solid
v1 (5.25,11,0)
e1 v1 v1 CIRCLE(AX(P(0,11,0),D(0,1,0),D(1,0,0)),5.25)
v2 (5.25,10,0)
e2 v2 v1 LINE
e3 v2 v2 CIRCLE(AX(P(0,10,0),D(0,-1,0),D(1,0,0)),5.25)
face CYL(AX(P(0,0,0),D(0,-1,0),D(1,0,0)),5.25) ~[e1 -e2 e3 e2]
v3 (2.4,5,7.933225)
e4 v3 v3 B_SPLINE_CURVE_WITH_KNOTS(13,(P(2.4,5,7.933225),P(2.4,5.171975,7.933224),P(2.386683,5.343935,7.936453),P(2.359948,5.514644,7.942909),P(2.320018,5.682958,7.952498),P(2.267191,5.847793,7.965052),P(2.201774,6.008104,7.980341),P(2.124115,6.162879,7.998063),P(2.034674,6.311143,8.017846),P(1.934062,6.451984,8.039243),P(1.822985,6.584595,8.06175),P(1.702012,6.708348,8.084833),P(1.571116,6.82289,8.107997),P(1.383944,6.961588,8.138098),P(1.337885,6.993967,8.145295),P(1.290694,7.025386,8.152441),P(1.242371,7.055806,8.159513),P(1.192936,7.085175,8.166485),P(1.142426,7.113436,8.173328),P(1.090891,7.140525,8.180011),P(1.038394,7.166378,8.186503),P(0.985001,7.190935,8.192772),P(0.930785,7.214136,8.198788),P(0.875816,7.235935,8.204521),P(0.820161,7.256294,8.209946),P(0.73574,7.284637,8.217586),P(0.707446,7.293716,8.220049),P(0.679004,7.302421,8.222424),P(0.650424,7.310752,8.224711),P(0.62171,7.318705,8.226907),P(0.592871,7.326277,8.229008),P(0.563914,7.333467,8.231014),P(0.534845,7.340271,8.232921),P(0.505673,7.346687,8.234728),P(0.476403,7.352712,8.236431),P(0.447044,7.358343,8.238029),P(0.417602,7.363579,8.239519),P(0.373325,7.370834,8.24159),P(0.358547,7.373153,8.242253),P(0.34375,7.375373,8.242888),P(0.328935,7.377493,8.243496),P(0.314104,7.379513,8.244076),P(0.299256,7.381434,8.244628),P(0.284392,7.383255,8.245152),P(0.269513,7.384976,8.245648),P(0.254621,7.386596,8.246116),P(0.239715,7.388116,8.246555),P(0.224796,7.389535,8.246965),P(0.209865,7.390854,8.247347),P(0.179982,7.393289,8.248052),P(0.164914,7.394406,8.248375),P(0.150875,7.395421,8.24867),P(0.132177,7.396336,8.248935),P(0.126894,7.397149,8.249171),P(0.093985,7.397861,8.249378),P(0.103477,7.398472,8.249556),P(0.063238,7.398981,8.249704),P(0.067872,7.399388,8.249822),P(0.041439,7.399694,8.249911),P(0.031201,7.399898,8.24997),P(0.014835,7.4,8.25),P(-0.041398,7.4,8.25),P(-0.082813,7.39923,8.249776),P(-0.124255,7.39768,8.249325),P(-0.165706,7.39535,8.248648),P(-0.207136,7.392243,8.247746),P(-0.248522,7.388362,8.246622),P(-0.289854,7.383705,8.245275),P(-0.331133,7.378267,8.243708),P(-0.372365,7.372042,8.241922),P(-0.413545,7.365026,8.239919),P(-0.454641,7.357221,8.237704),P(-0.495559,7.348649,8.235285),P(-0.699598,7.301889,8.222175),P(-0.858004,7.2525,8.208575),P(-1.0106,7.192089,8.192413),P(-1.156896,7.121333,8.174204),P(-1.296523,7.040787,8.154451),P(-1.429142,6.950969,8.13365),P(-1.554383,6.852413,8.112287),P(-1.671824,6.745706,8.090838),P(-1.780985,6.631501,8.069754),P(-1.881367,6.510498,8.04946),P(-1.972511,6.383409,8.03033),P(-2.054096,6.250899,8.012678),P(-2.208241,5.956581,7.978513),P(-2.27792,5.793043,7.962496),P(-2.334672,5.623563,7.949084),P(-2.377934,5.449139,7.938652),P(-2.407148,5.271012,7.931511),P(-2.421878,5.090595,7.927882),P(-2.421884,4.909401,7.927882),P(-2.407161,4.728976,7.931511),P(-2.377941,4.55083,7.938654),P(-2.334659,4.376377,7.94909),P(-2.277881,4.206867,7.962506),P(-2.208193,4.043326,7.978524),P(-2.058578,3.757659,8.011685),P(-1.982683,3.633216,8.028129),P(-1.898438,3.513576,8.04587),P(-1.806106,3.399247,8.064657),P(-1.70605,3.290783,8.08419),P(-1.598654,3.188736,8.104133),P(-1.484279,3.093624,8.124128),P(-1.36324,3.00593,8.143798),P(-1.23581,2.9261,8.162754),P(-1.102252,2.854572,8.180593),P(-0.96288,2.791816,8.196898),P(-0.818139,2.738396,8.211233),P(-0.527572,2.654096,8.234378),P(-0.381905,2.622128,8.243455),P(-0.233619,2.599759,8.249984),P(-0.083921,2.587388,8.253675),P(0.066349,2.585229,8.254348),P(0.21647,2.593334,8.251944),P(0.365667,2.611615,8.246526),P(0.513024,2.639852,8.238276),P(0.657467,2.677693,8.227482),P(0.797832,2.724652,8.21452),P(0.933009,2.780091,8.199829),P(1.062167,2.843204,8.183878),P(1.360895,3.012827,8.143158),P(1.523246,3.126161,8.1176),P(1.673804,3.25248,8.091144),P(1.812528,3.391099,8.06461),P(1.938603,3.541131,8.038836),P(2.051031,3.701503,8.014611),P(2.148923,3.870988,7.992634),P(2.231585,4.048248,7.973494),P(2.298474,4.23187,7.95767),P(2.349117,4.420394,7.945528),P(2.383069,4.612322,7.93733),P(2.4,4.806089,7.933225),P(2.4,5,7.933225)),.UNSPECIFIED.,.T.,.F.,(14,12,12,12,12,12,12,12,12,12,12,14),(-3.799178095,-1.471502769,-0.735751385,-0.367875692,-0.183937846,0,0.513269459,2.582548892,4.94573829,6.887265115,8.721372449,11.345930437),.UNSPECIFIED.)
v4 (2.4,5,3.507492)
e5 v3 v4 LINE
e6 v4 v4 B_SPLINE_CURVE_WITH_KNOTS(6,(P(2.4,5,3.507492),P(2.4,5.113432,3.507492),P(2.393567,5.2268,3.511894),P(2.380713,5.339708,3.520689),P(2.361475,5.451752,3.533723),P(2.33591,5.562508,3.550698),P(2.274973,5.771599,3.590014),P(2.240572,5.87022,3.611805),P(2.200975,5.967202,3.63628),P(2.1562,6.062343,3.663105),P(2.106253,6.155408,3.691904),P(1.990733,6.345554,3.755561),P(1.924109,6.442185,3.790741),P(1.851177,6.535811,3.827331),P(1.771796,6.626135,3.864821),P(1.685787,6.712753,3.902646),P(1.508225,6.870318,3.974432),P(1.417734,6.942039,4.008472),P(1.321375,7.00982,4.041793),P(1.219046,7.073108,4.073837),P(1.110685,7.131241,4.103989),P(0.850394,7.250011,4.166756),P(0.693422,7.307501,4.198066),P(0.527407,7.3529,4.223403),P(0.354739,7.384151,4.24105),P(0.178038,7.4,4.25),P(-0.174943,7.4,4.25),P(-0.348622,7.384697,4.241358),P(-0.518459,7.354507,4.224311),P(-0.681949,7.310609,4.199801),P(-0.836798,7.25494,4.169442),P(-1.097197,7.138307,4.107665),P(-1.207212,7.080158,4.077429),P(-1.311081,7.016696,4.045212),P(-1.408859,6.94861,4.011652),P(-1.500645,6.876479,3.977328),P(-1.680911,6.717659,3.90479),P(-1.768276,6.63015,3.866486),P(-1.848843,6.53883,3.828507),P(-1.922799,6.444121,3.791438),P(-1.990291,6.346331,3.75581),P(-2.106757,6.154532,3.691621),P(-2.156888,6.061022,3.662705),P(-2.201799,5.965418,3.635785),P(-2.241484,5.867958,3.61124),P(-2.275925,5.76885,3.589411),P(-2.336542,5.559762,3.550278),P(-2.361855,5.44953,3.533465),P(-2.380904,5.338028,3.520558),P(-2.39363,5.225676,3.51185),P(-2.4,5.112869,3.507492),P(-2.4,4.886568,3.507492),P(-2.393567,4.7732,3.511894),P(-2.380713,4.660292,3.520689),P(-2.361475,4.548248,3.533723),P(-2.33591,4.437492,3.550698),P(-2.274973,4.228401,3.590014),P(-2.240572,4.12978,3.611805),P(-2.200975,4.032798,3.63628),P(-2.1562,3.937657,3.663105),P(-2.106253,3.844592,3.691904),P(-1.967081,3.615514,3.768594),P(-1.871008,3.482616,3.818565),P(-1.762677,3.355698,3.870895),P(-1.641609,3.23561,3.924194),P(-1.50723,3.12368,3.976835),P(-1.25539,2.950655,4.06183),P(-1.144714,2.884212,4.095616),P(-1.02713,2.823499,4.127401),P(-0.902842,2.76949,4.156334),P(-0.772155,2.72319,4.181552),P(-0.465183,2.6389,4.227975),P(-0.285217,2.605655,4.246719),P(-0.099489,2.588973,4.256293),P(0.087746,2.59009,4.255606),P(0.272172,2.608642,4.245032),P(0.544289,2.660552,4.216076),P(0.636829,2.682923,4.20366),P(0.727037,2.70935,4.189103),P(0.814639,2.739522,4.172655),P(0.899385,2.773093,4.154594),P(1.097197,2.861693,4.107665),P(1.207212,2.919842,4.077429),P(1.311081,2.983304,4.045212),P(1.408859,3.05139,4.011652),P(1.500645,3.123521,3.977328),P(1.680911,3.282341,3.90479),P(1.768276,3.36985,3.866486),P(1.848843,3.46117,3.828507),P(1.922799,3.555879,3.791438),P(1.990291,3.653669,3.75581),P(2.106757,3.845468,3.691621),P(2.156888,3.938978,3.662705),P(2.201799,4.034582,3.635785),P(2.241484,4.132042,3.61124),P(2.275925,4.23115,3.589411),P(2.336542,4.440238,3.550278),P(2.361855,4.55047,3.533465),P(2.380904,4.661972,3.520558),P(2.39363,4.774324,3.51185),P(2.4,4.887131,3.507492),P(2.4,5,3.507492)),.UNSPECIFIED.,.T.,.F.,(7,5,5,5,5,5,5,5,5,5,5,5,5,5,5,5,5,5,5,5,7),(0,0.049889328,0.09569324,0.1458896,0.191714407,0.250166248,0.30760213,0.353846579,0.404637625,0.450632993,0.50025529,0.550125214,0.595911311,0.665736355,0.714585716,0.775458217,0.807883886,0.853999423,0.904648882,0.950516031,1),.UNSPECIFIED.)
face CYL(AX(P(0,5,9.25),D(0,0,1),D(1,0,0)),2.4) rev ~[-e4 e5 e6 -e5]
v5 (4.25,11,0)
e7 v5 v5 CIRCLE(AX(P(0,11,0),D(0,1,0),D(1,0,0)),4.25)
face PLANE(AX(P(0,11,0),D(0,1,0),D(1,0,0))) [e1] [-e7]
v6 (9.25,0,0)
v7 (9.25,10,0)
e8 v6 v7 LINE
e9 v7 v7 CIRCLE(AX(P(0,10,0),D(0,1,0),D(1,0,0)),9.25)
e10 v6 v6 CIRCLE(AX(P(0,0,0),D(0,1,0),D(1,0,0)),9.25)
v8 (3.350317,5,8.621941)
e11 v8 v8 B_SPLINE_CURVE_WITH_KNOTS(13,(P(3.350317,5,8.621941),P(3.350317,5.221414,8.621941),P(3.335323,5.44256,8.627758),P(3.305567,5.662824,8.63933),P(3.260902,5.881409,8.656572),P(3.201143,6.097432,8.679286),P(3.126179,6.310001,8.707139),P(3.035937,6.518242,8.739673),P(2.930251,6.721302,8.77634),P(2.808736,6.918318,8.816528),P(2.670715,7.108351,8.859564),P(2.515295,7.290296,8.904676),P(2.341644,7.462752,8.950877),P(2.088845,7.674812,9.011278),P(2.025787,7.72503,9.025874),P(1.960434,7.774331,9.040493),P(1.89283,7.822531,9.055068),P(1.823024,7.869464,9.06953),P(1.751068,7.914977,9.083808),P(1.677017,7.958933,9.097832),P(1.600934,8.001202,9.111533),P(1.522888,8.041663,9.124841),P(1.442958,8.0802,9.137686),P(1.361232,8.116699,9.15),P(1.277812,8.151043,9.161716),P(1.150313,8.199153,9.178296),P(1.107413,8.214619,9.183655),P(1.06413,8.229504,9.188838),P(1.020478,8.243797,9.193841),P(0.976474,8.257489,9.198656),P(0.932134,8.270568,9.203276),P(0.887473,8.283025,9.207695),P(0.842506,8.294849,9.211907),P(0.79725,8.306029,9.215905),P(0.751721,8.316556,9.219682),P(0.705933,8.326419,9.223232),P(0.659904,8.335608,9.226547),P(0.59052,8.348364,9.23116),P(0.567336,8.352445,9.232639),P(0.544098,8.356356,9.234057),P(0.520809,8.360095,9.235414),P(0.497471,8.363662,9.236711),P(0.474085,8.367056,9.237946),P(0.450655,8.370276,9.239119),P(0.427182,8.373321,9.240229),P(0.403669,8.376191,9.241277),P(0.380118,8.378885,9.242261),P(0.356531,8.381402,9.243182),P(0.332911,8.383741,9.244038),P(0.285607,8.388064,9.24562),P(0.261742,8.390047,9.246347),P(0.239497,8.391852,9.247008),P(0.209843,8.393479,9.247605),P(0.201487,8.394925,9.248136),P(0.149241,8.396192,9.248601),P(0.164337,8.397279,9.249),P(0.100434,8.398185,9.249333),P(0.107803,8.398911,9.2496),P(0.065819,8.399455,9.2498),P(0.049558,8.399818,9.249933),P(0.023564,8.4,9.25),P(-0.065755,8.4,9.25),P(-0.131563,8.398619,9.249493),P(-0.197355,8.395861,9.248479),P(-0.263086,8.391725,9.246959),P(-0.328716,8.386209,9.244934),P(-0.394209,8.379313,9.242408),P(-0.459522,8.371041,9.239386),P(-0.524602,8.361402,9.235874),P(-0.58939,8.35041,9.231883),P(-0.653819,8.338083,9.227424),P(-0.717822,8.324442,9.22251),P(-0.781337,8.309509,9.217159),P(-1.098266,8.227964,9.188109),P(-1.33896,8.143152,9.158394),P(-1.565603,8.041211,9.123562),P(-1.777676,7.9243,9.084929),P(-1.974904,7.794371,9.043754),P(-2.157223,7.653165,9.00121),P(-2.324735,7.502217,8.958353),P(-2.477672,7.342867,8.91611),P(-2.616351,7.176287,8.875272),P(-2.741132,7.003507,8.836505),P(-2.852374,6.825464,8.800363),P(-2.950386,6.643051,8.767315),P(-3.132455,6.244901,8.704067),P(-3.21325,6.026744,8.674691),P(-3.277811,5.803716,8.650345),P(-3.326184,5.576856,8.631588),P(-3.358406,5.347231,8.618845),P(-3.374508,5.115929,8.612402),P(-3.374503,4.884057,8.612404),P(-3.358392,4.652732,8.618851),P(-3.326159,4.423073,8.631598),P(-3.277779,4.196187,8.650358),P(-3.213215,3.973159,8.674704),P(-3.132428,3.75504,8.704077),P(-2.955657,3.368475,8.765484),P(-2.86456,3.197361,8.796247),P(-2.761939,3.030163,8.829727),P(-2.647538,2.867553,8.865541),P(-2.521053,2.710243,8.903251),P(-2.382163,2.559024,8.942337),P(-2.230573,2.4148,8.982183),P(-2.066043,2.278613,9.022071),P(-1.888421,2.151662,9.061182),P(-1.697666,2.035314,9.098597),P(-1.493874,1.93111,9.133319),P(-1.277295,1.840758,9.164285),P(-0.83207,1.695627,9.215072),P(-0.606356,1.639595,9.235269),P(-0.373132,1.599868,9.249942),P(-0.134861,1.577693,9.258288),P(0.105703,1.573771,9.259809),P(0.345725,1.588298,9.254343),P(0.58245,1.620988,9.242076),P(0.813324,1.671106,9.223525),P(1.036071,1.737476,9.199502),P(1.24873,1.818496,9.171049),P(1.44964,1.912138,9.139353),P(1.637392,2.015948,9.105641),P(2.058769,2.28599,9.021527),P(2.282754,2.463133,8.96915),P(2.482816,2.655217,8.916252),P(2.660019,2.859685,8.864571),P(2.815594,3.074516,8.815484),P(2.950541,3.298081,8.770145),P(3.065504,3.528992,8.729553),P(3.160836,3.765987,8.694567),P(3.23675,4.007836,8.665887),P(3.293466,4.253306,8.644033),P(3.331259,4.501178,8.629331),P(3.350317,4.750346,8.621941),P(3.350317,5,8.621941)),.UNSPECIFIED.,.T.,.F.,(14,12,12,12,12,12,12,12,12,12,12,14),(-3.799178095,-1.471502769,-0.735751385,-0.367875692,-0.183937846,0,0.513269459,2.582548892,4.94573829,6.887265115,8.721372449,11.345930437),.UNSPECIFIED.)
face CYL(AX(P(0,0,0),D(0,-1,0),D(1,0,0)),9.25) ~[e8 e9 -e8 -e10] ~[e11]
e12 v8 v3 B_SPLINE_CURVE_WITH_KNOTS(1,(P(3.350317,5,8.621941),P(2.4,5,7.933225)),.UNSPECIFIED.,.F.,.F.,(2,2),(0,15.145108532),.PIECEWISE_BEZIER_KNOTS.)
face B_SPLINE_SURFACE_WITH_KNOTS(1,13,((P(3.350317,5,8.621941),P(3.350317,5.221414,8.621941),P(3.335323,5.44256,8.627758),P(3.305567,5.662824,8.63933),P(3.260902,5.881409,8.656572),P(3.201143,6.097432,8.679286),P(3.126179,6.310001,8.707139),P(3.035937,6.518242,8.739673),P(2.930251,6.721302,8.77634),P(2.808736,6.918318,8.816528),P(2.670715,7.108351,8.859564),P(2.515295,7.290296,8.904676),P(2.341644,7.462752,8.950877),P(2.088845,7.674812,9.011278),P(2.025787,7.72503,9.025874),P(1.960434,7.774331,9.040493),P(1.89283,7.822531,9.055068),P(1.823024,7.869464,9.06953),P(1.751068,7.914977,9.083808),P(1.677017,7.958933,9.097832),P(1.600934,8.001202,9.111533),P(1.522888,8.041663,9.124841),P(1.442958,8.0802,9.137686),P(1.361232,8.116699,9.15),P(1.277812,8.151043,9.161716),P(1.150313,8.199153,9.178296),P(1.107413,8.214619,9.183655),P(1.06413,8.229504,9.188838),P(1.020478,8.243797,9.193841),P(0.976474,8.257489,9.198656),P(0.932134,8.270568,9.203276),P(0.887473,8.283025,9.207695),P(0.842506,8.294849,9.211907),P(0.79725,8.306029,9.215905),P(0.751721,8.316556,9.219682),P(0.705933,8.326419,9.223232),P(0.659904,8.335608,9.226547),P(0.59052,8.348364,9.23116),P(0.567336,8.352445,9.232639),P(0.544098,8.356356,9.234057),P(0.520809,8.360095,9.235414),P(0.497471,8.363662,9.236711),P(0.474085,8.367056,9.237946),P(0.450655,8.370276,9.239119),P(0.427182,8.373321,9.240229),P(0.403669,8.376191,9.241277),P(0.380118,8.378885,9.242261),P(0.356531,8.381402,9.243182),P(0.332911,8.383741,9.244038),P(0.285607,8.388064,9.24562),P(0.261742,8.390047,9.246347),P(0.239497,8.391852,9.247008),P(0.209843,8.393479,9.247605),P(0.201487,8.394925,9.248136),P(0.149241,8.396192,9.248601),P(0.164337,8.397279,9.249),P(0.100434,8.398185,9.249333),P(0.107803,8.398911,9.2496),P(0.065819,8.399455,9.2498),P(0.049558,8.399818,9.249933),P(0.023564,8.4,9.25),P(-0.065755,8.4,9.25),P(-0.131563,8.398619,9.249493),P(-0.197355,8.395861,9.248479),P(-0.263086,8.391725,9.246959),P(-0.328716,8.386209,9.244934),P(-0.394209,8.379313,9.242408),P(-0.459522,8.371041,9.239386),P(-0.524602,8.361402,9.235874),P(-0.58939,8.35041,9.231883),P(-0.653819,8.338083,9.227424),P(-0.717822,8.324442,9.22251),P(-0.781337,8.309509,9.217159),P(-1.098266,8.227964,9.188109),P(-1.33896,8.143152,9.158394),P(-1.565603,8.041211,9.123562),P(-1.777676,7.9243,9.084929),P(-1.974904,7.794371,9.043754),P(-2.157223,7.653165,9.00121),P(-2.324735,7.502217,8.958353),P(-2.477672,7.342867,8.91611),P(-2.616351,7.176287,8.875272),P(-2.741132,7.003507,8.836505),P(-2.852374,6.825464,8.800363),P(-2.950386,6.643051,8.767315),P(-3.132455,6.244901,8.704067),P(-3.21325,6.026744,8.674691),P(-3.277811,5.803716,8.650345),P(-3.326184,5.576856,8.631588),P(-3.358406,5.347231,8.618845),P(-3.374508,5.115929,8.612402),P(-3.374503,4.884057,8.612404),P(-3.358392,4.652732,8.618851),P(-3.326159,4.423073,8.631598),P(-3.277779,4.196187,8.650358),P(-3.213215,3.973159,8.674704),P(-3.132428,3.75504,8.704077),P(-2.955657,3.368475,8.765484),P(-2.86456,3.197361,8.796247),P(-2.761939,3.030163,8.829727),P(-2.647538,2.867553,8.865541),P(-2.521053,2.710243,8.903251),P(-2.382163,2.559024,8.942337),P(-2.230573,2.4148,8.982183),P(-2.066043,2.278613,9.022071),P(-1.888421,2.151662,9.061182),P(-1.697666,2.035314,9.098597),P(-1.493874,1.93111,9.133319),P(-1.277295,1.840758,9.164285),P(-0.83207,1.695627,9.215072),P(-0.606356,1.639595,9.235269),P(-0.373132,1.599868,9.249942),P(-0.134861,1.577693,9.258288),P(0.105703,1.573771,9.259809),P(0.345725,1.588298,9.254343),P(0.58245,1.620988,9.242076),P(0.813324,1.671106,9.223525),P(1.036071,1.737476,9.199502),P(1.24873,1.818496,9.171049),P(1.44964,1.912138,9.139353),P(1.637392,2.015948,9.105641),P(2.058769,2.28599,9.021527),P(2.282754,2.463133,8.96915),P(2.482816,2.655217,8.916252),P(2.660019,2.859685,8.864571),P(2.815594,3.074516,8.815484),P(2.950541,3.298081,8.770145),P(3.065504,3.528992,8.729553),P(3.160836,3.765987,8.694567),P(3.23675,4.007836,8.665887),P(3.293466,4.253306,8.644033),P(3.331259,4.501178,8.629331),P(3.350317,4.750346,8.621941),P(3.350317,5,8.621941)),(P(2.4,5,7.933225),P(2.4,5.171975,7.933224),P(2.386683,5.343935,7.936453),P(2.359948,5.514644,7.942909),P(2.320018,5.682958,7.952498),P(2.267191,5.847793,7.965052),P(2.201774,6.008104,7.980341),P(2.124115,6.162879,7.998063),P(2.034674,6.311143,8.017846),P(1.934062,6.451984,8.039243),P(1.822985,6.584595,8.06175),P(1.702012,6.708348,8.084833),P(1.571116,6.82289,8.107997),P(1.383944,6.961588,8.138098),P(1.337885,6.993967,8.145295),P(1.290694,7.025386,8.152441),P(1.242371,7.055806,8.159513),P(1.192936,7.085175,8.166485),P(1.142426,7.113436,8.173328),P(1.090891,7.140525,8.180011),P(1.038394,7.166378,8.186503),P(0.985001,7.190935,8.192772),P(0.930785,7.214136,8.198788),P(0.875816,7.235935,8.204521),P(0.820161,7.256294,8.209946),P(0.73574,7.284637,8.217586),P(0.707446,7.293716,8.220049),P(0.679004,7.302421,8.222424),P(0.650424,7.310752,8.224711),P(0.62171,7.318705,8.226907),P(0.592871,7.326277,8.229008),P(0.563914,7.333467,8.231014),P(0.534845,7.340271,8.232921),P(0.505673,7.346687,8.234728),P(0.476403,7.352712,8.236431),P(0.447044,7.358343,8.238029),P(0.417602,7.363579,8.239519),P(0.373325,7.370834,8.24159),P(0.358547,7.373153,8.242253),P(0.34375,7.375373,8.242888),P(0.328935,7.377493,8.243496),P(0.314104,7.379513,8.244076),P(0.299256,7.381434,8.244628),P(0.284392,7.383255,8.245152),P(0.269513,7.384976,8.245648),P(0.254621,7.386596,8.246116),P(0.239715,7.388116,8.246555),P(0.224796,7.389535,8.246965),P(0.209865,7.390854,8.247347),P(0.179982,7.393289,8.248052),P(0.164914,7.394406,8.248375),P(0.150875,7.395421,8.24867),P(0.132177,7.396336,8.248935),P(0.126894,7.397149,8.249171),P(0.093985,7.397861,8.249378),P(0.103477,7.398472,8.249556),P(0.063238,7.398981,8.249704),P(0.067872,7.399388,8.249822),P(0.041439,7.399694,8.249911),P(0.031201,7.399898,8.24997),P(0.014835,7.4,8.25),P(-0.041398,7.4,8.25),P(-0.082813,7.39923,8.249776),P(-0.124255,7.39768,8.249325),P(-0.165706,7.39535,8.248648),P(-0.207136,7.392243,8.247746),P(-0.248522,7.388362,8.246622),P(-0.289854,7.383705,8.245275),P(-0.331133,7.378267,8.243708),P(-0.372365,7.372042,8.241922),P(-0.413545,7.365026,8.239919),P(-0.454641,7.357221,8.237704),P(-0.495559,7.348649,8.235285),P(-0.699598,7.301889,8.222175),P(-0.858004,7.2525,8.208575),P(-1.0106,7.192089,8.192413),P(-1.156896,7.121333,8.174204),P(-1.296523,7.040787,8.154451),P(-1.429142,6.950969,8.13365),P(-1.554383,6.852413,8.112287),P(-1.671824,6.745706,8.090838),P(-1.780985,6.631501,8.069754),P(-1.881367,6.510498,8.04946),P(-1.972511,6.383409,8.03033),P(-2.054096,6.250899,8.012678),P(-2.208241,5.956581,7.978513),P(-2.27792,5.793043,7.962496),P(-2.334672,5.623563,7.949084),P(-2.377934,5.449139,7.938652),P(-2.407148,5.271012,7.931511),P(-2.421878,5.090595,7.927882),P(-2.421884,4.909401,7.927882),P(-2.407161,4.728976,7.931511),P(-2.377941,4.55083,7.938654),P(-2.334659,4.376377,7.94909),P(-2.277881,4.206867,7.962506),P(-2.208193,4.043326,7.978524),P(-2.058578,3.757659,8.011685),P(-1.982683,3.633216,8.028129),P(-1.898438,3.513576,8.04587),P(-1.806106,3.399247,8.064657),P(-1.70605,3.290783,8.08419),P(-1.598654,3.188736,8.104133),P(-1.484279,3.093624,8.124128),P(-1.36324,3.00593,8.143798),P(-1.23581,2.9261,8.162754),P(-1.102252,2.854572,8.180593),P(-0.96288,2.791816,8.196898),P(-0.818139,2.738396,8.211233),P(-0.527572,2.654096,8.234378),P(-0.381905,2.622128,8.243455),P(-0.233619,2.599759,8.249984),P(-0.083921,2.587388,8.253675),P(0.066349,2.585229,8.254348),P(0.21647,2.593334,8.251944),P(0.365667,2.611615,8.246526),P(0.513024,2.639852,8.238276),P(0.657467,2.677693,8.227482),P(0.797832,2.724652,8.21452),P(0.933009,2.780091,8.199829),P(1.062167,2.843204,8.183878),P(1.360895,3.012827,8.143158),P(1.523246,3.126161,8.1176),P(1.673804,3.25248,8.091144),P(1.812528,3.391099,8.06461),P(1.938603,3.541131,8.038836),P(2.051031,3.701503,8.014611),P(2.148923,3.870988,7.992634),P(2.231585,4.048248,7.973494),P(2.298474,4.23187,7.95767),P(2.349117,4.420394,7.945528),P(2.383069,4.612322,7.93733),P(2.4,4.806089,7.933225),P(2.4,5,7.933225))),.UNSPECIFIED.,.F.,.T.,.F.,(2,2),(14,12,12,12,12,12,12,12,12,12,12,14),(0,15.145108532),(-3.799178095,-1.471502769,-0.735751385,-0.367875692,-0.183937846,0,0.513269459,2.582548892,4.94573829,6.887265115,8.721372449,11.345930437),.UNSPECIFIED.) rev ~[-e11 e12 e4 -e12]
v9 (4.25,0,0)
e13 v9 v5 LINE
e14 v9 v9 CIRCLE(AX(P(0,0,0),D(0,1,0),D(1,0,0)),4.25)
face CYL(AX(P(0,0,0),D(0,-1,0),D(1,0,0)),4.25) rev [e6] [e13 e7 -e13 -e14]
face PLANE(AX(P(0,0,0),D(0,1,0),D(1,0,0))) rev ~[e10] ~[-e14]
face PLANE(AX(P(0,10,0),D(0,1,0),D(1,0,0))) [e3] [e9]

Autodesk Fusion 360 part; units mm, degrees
sketch "Esquisse1" plane through (0, 0, 0) normal (0, 1, 0) x (1, 0, 0)
  circle A0 centre (0, 0) radius 4.25
  circle A1 centre (0, 0) radius 9.25
  circle A2 centre (0, 0) radius 5.25
  dimension "d6" = 8.5
  dimension "d7" = 5
  dimension "d19" = 1
extrude "Extrusion1" add sketch "Esquisse1" along normal blind 10 contours A1 | A2
extrude "Extrusion3" add sketch "Esquisse1" along normal blind 11 contours A2
ref_plane "Plan de construction1" through (0, 6.1987, 9.25) normal (0, 0, 1) x (-1, 0, 0)
sketch "Esquisse2" plane through (0, 6.0312, 9.25) normal (0, 0, 1) x (1, 0, 0)
  line L0 (9.25, 3.9688) -> (-9.25, 3.9688)
  line L1 (9.25, -6.0312) -> (-9.25, -6.0312)
  line L2 (-9.25, 3.9688) -> (9.25, -6.0312) construction
  circle A0 centre (0, -1.0312) radius 2.4
  dimension "d11" = 4.8
extrude "Extrusion2" cut sketch "Esquisse2" against normal blind 9.3
chamfer "Chanfrein1" distance 1 angle 45 2 edges at (2.4, 5, 8.9332) (-2.4, 5, 8.9332)
equation "inner_diam = 8 mm"
equation "insert_len = 4 mm"
equation "margin = 1 mm"
equation "depth = 10 mm"
equation "insert_od = 4.8 mm"
equation "d6 = inner_diam + shaft_tolerance"
equation "d7 = margin + insert_len"
equation "d8 = depth"
equation "d11 = insert_od"
equation "chamfrein = 1 mm"
equation "d13 = -( inner_diam + insert_od * 2 + margin ) / 2"
equation "d15 = chamfrein"
equation "shaft_tolerance = 0.5 mm"
equation "bearing_inner_ring = 1 mm"
equation "spacer_depth = 1 mm"
equation "d19 = bearing_inner_ring"
equation "d20 = depth + spacer_depth"
equation "hex_diam = 24.5 mm"
equation "hex_depth = 8 mm"
equation "wall = 2 mm"
